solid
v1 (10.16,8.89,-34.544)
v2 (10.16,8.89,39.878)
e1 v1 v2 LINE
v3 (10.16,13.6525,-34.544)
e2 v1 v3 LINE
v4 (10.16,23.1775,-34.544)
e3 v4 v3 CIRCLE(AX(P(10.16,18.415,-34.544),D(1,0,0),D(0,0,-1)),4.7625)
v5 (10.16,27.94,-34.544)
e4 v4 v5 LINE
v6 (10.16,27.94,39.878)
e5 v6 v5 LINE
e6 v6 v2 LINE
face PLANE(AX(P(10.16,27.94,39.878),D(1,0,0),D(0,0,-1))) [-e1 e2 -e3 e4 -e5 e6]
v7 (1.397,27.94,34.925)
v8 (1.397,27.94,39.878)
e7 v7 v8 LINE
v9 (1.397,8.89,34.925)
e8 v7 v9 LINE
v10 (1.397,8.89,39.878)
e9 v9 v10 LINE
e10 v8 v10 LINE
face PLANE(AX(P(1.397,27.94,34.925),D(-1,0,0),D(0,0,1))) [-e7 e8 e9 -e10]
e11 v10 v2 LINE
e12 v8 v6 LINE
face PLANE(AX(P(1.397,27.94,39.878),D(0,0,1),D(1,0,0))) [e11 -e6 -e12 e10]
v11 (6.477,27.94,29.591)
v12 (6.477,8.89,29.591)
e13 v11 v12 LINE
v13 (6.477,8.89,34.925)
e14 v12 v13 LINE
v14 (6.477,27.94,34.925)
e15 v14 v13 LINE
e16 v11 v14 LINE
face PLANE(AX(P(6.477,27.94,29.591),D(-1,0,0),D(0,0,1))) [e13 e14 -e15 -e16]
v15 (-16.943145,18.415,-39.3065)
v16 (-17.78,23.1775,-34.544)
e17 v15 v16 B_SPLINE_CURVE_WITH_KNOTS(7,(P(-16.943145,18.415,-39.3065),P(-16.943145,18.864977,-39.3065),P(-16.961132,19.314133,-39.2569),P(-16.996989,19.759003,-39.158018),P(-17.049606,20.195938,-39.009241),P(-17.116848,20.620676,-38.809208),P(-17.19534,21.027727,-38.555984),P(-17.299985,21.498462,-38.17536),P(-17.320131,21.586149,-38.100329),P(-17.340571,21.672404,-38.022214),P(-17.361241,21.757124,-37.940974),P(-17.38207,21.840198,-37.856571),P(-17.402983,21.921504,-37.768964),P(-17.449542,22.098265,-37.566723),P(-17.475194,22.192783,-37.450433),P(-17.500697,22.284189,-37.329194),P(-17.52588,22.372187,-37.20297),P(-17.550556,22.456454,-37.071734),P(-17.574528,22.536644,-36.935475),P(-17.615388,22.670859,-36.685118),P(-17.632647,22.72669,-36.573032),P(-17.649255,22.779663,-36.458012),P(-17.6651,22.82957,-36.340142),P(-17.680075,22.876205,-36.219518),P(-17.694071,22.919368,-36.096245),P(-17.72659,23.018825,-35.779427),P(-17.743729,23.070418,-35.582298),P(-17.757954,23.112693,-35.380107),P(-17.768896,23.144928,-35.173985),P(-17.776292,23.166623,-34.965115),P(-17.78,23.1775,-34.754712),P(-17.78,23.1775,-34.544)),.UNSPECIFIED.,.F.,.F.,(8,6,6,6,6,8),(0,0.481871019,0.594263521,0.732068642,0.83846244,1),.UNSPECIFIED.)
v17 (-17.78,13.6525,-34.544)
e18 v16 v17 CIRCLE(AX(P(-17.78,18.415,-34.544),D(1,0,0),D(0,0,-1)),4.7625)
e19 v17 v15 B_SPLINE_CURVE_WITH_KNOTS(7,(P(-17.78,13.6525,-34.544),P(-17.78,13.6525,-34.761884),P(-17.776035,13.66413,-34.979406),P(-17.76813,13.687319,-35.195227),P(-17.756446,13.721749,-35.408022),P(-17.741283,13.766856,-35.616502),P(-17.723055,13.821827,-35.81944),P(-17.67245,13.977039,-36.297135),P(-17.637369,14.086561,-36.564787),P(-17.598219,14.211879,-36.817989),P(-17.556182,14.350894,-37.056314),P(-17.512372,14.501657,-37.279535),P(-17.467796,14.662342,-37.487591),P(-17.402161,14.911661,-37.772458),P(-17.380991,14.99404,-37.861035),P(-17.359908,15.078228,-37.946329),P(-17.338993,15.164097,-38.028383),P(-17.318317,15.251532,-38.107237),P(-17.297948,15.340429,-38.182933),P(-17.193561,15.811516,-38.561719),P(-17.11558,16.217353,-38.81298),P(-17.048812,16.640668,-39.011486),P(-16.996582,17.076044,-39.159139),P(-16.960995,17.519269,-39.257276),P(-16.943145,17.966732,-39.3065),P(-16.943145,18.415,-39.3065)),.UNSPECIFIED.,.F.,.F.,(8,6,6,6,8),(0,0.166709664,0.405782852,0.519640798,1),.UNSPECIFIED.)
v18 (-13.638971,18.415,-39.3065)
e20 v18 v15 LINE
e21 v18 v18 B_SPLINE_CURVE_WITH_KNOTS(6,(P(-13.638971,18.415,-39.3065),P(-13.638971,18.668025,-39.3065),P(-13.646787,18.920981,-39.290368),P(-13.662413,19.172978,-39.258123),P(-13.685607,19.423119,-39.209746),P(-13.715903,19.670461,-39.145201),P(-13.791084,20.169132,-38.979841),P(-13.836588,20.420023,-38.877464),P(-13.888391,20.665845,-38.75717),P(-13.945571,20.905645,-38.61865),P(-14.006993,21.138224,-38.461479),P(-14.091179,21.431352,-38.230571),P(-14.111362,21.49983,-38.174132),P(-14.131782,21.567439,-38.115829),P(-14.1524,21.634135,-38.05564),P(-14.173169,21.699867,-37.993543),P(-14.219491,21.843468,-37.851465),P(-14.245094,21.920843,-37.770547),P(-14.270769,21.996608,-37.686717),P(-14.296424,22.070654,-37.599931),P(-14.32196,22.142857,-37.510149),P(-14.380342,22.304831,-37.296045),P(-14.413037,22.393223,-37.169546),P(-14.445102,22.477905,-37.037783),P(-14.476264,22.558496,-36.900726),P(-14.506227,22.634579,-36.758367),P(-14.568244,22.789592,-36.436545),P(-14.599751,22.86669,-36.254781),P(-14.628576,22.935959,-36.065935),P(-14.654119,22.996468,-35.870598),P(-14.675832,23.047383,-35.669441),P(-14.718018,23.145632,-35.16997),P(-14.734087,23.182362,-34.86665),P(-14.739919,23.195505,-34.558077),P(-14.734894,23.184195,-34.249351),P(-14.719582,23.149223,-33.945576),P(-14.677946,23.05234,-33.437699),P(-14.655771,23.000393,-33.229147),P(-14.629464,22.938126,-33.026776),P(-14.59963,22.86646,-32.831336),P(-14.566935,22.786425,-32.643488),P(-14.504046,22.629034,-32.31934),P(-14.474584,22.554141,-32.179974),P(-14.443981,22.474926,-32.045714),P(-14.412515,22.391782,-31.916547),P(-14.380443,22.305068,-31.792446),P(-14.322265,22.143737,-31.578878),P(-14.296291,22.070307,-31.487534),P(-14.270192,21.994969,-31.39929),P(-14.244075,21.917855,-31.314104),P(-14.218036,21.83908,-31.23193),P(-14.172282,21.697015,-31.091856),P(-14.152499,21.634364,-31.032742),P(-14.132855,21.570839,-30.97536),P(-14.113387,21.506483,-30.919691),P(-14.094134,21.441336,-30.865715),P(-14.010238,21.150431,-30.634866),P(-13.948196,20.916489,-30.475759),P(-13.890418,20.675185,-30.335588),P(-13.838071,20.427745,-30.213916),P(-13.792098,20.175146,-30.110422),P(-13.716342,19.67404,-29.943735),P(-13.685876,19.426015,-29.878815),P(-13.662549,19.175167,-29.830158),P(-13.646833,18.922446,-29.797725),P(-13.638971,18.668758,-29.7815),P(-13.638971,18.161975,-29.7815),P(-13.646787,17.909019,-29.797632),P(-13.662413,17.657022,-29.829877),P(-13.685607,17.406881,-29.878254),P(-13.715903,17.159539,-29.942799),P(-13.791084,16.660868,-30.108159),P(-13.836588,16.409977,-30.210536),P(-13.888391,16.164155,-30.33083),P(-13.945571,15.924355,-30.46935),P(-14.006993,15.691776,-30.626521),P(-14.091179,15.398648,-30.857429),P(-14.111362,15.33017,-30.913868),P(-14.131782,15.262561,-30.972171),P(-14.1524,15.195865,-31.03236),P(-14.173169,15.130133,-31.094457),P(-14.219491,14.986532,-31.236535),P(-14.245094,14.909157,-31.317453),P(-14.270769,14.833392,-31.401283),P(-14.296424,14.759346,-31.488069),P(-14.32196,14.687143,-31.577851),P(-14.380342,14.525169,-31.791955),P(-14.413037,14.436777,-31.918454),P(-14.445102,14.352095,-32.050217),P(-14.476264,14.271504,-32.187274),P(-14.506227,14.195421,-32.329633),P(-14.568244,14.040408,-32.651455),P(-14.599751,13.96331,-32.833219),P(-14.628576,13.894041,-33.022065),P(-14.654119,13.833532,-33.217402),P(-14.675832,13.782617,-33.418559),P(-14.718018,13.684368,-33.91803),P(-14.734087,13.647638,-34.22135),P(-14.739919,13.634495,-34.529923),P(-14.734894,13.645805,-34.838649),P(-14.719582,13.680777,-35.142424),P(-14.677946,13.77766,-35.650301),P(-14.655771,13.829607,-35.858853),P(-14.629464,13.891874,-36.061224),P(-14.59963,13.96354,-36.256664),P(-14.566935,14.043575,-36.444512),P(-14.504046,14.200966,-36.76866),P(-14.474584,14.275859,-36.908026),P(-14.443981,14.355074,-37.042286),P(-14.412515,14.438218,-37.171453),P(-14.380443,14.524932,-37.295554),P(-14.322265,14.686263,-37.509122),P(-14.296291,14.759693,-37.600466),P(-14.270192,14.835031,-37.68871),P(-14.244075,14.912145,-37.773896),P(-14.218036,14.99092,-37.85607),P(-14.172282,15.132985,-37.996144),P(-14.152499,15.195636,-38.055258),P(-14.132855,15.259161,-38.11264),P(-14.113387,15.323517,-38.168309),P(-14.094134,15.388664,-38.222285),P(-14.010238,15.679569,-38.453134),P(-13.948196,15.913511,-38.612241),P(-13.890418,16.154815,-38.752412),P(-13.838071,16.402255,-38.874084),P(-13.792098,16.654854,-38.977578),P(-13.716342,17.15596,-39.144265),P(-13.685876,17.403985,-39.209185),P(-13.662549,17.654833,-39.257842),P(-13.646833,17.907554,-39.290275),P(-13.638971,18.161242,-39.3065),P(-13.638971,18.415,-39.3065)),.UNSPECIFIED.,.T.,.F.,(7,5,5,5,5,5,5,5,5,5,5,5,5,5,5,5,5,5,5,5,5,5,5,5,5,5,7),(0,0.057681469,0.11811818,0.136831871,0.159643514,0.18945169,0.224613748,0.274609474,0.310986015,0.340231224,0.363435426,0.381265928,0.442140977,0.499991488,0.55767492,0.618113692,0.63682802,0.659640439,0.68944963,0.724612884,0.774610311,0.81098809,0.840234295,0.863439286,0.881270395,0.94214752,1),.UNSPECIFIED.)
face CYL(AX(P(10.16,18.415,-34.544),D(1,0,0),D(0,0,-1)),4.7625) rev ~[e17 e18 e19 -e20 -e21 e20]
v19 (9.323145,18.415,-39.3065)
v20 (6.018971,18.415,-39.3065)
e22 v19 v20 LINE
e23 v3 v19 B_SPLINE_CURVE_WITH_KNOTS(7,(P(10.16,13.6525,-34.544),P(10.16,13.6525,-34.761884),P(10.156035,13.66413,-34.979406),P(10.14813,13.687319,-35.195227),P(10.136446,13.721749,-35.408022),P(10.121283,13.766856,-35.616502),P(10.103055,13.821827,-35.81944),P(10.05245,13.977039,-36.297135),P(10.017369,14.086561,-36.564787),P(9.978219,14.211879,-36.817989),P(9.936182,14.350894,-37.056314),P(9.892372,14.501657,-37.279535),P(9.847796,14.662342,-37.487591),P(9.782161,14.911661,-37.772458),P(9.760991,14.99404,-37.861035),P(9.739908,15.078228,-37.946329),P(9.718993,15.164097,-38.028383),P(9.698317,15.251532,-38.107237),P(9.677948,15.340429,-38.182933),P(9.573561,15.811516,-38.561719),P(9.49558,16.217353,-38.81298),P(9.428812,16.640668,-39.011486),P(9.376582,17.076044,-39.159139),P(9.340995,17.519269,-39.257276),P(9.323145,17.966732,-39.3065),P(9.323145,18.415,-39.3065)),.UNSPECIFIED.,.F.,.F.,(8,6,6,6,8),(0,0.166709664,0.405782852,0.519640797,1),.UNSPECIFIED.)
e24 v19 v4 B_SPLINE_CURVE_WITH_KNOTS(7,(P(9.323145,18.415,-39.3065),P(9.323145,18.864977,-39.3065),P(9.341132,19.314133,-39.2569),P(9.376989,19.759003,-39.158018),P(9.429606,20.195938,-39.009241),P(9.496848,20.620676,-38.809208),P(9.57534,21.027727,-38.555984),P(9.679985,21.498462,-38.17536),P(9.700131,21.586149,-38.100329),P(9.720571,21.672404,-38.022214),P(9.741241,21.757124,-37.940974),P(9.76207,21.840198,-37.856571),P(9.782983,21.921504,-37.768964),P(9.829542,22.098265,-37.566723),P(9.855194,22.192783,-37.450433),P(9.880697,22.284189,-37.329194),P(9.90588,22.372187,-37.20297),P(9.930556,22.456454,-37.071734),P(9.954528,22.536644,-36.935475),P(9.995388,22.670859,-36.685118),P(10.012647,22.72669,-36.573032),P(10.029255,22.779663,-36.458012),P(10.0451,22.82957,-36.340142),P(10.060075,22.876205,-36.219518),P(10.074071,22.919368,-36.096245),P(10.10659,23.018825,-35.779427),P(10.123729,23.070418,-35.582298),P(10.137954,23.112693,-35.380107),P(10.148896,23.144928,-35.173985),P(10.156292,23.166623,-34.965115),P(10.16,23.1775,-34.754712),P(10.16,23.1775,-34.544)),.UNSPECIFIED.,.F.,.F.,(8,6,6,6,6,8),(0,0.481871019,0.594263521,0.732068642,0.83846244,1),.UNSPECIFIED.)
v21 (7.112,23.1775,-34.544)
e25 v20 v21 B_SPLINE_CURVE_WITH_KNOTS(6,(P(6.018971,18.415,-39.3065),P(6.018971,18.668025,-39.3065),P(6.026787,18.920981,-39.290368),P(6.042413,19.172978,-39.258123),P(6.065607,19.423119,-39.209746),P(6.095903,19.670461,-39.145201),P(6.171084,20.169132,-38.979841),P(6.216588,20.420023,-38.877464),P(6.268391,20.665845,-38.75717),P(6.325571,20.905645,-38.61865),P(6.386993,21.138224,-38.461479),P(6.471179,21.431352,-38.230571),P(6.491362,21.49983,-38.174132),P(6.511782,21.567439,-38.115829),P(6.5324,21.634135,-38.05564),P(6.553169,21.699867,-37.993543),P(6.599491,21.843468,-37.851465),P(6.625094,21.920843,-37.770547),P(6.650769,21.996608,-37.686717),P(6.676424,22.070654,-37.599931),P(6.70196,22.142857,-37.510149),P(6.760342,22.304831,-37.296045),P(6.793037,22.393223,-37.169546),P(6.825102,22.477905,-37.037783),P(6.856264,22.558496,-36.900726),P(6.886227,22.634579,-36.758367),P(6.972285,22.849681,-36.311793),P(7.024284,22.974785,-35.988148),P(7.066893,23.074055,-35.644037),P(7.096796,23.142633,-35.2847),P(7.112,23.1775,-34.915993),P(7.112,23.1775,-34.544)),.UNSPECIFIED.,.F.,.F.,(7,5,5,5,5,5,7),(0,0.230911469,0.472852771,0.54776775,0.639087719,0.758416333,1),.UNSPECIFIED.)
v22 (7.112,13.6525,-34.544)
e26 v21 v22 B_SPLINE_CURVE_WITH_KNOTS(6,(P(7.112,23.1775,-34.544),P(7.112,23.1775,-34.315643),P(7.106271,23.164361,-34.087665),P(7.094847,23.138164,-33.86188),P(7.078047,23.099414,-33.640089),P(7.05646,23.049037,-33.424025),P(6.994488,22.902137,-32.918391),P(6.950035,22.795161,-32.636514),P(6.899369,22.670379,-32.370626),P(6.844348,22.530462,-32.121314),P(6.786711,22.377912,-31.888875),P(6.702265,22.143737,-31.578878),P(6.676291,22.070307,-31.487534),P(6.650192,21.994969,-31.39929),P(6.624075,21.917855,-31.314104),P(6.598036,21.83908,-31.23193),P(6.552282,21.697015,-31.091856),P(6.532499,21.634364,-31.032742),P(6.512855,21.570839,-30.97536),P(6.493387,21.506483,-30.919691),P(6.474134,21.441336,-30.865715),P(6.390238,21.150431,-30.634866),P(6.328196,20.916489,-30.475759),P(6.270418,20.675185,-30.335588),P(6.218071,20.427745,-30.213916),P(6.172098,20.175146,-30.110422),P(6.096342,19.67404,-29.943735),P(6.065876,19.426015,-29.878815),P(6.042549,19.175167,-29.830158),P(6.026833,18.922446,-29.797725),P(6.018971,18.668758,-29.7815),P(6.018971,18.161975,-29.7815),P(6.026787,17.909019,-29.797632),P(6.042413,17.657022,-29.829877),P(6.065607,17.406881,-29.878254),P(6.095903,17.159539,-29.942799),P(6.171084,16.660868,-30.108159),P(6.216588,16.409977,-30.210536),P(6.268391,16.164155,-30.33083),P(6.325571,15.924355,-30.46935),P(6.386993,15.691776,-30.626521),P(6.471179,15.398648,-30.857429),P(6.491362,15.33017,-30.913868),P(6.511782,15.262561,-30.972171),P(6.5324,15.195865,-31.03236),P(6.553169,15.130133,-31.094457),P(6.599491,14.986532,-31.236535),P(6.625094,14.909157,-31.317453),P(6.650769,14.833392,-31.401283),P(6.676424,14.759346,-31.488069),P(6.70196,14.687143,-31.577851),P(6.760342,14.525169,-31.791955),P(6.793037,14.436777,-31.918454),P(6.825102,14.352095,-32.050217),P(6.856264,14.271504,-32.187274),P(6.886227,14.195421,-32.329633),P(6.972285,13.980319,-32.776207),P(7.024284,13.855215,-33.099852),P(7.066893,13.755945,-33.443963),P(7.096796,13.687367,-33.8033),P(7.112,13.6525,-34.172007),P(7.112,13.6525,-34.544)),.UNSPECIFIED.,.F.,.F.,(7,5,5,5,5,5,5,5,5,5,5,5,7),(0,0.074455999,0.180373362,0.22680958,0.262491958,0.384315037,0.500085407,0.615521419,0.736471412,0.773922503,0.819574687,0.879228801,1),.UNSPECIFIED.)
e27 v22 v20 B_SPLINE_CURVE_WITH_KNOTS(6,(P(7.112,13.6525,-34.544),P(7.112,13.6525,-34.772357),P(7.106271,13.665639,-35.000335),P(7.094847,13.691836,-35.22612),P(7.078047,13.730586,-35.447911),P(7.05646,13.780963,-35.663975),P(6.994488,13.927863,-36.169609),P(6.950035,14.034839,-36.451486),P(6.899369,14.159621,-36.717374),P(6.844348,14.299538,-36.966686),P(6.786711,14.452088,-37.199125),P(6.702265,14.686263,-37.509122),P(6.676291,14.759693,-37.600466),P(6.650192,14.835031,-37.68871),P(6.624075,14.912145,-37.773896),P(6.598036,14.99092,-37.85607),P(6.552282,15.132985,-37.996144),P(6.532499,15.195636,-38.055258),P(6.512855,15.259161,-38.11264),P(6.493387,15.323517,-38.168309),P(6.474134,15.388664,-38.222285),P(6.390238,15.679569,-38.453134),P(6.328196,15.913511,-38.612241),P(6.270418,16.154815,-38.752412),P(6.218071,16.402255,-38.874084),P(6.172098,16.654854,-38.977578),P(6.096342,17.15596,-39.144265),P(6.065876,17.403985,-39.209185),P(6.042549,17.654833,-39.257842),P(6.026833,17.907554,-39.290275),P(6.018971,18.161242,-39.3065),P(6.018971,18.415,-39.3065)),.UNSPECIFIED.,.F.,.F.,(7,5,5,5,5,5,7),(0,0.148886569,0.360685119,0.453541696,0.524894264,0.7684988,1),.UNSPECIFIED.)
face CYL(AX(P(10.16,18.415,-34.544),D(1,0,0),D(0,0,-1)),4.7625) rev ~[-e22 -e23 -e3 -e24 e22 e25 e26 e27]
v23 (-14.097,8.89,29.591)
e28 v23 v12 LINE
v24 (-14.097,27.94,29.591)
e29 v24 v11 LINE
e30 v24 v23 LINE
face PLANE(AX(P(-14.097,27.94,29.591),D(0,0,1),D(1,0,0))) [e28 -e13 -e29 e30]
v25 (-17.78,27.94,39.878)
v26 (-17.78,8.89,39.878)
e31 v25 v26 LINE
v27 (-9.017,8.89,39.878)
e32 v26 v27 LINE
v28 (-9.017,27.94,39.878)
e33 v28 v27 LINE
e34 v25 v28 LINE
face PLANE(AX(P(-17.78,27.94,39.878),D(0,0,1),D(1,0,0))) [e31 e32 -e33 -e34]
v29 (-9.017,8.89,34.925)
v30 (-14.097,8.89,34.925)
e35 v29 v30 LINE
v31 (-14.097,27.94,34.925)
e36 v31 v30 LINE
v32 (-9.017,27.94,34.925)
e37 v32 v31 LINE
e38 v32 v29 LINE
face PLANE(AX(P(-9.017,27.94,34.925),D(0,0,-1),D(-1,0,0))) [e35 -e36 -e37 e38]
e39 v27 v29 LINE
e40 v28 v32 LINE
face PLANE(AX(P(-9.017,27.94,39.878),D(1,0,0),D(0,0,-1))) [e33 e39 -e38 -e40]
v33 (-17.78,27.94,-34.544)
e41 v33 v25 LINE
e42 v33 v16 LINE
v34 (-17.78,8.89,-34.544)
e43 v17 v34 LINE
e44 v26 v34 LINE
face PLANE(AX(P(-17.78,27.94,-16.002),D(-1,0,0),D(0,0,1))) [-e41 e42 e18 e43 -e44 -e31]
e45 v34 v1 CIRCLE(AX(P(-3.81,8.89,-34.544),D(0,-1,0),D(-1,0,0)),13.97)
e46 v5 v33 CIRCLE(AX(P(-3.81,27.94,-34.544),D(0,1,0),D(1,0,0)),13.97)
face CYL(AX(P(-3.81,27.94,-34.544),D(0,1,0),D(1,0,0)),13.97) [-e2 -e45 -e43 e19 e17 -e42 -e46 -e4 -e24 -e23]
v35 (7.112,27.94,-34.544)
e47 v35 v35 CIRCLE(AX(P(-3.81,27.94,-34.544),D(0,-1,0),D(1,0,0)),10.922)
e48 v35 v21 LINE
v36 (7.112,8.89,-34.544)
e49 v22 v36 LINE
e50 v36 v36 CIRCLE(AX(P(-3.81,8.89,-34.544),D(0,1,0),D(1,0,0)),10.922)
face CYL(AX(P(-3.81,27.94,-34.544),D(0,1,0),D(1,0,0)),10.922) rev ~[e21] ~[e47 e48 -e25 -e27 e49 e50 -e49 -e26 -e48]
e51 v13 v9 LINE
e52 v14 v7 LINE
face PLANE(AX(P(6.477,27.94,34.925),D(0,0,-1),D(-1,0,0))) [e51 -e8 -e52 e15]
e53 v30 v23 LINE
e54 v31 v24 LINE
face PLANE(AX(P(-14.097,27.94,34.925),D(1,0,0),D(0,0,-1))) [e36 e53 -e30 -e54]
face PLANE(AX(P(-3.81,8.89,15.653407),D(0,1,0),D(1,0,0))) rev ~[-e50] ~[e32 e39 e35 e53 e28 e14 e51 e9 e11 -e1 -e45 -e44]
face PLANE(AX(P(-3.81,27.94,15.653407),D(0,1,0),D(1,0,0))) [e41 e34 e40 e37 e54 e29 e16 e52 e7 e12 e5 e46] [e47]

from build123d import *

# Parameters (mm, degrees)
SKETCH2_W               = 20.32
SKETCH2_H               = 7.62
SKETCH2_R               = 1.905
BOSS_EXTRUDE1_DEPTH     = 12.7
BOSS_EXTRUDE1_2_DEPTH   = 12.7
SKETCH4_W               = 7.62
SKETCH4_H               = 55.88
BOSS_EXTRUDE2_DEPTH     = 28.702
SKETCH5_W               = 27.94
SKETCH5_H               = 55.88
BOSS_EXTRUDE3_DEPTH     = 7.62
SKETCH6_R               = 10.922
BOSS_EXTRUDE6_DEPTH     = 55.88
SKETCH7_R               = 4.7625
CUT_EXTRUDE1_DEPTH      = 1
CUT_EXTRUDE1_DEPTH_BACK = 28.94
SKETCH8_W               = 27.94
SKETCH8_H               = 55.88
CUT_EXTRUDE2_DEPTH      = 29.702
CUT_EXTRUDE3_DEPTH      = 36.83
BOSS_EXTRUDE7_DEPTH     = 19.05


with BuildPart() as part:
    # Sketch2 → Boss-Extrude1 (new body)
    with BuildSketch(Plane.XY):
        with Locations((0, 24.13)):
            Rectangle(SKETCH2_W, SKETCH2_H)
        with Locations((4.699, 24.13)):
            Circle(SKETCH2_R, mode=Mode.SUBTRACT)
        with Locations((-4.699, 24.13)):
            Circle(SKETCH2_R, mode=Mode.SUBTRACT)
    extrude(amount=BOSS_EXTRUDE1_DEPTH)



with BuildPart() as body_2:
    # Sketch2 → Boss-Extrude1 2 (new body)
    with BuildSketch(Plane.XY):
        with Locations((0, -24.13)):
            Rectangle(SKETCH2_W, SKETCH2_H)
        with Locations((-4.699, -24.13)):
            Circle(SKETCH2_R, mode=Mode.SUBTRACT)
        with Locations((4.699, -24.13)):
            Circle(SKETCH2_R, mode=Mode.SUBTRACT)
    extrude(amount=BOSS_EXTRUDE1_2_DEPTH)


with BuildPart() as part_1:
    add(part.part)

    add(body_2.part)  # Boss-Extrude2 merges body 2
    # Sketch4 → Boss-Extrude2 (add)
    with BuildSketch(Plane.XY.offset(12.7)):
        with Locations((-13.97, 0)):
            Rectangle(SKETCH4_W, SKETCH4_H)
    extrude(amount=-BOSS_EXTRUDE2_DEPTH)

    # Sketch5 → Boss-Extrude3 (add)
    with BuildSketch(Plane(origin=(0, 0, -16.002), x_dir=(-1, 0, 0), z_dir=(0, 0, -1))):
        with Locations((3.81, 0)):
            Rectangle(SKETCH5_W, SKETCH5_H)
    extrude(amount=BOSS_EXTRUDE3_DEPTH)

    # Sketch6 → Boss-Extrude6 (add)
    with BuildSketch(Plane(origin=(0, 27.94, 0), x_dir=(1, 0, 0), z_dir=(0, 1, 0))):
        with BuildLine():
            Line((4.900385525, 23.622), (10.16, 23.622))
            Line((10.16, 23.622), (10.16, 34.544))
            ThreePointArc((10.16, 34.544), (-3.81, 48.514), (-17.78, 34.544))
            Line((-17.78, 34.544), (-17.78, 23.622))
            Line((-17.78, 23.622), (-12.520385525, 23.622))
            ThreePointArc((-12.520385525, 23.622), (-3.81, 20.574), (4.900385525, 23.622))
        make_face()
        with Locations((-3.81, 34.544)):
            Circle(SKETCH6_R, mode=Mode.SUBTRACT)
    extrude(amount=-BOSS_EXTRUDE6_DEPTH)

    # Sketch7 → Cut-Extrude1 (cut, two sides)
    with BuildSketch(Plane(origin=(10.16, 0, 0), x_dir=(0, 0, -1), z_dir=(1, 0, 0))) as cut_extrude1_sk:
        with Locations((34.544, 18.415)):
            Circle(SKETCH7_R)
    extrude(amount=CUT_EXTRUDE1_DEPTH, mode=Mode.SUBTRACT)
    extrude(cut_extrude1_sk.sketch, amount=-CUT_EXTRUDE1_DEPTH_BACK, mode=Mode.SUBTRACT)

    # Sketch8 → Cut-Extrude2 (cut, through all)
    with BuildSketch(Plane.XY.offset(-16.002)):
        with Locations((-3.81, 0)):
            Rectangle(SKETCH8_W, SKETCH8_H)
    extrude(amount=CUT_EXTRUDE2_DEPTH, mode=Mode.SUBTRACT)

    # Sketch9 → Cut-Extrude3 (cut)
    with BuildSketch(Plane(origin=(0, -27.94, 0), x_dir=(-1, 0, 0), z_dir=(0, -1, 0))):
        with BuildLine():
            Line((-10.16, 16.002), (17.78, 16.002))
            Line((17.78, 16.002), (17.78, 34.544))
            ThreePointArc((17.78, 34.544), (3.81, 48.514), (-10.16, 34.544))
            Line((-10.16, 34.544), (-10.16, 16.002))
        make_face()
    extrude(amount=-CUT_EXTRUDE3_DEPTH, mode=Mode.SUBTRACT)

    # Sketch10 → Boss-Extrude7 (add)
    with BuildSketch(Plane(origin=(0, 27.94, 0), x_dir=(1, 0, 0), z_dir=(0, 1, 0))):
        Polygon((-9.017, -39.878), (-9.017, -34.925), (-14.097, -34.925), (-14.097, -29.591), (6.477, -29.591), (6.477, -34.925), (1.397, -34.925), (1.397, -39.878), (10.16, -39.878), (10.16, 16.002), (-17.78, 16.002), (-17.78, -39.878), align=None)
    extrude(amount=-BOSS_EXTRUDE7_DEPTH)


solid = part_1.part
